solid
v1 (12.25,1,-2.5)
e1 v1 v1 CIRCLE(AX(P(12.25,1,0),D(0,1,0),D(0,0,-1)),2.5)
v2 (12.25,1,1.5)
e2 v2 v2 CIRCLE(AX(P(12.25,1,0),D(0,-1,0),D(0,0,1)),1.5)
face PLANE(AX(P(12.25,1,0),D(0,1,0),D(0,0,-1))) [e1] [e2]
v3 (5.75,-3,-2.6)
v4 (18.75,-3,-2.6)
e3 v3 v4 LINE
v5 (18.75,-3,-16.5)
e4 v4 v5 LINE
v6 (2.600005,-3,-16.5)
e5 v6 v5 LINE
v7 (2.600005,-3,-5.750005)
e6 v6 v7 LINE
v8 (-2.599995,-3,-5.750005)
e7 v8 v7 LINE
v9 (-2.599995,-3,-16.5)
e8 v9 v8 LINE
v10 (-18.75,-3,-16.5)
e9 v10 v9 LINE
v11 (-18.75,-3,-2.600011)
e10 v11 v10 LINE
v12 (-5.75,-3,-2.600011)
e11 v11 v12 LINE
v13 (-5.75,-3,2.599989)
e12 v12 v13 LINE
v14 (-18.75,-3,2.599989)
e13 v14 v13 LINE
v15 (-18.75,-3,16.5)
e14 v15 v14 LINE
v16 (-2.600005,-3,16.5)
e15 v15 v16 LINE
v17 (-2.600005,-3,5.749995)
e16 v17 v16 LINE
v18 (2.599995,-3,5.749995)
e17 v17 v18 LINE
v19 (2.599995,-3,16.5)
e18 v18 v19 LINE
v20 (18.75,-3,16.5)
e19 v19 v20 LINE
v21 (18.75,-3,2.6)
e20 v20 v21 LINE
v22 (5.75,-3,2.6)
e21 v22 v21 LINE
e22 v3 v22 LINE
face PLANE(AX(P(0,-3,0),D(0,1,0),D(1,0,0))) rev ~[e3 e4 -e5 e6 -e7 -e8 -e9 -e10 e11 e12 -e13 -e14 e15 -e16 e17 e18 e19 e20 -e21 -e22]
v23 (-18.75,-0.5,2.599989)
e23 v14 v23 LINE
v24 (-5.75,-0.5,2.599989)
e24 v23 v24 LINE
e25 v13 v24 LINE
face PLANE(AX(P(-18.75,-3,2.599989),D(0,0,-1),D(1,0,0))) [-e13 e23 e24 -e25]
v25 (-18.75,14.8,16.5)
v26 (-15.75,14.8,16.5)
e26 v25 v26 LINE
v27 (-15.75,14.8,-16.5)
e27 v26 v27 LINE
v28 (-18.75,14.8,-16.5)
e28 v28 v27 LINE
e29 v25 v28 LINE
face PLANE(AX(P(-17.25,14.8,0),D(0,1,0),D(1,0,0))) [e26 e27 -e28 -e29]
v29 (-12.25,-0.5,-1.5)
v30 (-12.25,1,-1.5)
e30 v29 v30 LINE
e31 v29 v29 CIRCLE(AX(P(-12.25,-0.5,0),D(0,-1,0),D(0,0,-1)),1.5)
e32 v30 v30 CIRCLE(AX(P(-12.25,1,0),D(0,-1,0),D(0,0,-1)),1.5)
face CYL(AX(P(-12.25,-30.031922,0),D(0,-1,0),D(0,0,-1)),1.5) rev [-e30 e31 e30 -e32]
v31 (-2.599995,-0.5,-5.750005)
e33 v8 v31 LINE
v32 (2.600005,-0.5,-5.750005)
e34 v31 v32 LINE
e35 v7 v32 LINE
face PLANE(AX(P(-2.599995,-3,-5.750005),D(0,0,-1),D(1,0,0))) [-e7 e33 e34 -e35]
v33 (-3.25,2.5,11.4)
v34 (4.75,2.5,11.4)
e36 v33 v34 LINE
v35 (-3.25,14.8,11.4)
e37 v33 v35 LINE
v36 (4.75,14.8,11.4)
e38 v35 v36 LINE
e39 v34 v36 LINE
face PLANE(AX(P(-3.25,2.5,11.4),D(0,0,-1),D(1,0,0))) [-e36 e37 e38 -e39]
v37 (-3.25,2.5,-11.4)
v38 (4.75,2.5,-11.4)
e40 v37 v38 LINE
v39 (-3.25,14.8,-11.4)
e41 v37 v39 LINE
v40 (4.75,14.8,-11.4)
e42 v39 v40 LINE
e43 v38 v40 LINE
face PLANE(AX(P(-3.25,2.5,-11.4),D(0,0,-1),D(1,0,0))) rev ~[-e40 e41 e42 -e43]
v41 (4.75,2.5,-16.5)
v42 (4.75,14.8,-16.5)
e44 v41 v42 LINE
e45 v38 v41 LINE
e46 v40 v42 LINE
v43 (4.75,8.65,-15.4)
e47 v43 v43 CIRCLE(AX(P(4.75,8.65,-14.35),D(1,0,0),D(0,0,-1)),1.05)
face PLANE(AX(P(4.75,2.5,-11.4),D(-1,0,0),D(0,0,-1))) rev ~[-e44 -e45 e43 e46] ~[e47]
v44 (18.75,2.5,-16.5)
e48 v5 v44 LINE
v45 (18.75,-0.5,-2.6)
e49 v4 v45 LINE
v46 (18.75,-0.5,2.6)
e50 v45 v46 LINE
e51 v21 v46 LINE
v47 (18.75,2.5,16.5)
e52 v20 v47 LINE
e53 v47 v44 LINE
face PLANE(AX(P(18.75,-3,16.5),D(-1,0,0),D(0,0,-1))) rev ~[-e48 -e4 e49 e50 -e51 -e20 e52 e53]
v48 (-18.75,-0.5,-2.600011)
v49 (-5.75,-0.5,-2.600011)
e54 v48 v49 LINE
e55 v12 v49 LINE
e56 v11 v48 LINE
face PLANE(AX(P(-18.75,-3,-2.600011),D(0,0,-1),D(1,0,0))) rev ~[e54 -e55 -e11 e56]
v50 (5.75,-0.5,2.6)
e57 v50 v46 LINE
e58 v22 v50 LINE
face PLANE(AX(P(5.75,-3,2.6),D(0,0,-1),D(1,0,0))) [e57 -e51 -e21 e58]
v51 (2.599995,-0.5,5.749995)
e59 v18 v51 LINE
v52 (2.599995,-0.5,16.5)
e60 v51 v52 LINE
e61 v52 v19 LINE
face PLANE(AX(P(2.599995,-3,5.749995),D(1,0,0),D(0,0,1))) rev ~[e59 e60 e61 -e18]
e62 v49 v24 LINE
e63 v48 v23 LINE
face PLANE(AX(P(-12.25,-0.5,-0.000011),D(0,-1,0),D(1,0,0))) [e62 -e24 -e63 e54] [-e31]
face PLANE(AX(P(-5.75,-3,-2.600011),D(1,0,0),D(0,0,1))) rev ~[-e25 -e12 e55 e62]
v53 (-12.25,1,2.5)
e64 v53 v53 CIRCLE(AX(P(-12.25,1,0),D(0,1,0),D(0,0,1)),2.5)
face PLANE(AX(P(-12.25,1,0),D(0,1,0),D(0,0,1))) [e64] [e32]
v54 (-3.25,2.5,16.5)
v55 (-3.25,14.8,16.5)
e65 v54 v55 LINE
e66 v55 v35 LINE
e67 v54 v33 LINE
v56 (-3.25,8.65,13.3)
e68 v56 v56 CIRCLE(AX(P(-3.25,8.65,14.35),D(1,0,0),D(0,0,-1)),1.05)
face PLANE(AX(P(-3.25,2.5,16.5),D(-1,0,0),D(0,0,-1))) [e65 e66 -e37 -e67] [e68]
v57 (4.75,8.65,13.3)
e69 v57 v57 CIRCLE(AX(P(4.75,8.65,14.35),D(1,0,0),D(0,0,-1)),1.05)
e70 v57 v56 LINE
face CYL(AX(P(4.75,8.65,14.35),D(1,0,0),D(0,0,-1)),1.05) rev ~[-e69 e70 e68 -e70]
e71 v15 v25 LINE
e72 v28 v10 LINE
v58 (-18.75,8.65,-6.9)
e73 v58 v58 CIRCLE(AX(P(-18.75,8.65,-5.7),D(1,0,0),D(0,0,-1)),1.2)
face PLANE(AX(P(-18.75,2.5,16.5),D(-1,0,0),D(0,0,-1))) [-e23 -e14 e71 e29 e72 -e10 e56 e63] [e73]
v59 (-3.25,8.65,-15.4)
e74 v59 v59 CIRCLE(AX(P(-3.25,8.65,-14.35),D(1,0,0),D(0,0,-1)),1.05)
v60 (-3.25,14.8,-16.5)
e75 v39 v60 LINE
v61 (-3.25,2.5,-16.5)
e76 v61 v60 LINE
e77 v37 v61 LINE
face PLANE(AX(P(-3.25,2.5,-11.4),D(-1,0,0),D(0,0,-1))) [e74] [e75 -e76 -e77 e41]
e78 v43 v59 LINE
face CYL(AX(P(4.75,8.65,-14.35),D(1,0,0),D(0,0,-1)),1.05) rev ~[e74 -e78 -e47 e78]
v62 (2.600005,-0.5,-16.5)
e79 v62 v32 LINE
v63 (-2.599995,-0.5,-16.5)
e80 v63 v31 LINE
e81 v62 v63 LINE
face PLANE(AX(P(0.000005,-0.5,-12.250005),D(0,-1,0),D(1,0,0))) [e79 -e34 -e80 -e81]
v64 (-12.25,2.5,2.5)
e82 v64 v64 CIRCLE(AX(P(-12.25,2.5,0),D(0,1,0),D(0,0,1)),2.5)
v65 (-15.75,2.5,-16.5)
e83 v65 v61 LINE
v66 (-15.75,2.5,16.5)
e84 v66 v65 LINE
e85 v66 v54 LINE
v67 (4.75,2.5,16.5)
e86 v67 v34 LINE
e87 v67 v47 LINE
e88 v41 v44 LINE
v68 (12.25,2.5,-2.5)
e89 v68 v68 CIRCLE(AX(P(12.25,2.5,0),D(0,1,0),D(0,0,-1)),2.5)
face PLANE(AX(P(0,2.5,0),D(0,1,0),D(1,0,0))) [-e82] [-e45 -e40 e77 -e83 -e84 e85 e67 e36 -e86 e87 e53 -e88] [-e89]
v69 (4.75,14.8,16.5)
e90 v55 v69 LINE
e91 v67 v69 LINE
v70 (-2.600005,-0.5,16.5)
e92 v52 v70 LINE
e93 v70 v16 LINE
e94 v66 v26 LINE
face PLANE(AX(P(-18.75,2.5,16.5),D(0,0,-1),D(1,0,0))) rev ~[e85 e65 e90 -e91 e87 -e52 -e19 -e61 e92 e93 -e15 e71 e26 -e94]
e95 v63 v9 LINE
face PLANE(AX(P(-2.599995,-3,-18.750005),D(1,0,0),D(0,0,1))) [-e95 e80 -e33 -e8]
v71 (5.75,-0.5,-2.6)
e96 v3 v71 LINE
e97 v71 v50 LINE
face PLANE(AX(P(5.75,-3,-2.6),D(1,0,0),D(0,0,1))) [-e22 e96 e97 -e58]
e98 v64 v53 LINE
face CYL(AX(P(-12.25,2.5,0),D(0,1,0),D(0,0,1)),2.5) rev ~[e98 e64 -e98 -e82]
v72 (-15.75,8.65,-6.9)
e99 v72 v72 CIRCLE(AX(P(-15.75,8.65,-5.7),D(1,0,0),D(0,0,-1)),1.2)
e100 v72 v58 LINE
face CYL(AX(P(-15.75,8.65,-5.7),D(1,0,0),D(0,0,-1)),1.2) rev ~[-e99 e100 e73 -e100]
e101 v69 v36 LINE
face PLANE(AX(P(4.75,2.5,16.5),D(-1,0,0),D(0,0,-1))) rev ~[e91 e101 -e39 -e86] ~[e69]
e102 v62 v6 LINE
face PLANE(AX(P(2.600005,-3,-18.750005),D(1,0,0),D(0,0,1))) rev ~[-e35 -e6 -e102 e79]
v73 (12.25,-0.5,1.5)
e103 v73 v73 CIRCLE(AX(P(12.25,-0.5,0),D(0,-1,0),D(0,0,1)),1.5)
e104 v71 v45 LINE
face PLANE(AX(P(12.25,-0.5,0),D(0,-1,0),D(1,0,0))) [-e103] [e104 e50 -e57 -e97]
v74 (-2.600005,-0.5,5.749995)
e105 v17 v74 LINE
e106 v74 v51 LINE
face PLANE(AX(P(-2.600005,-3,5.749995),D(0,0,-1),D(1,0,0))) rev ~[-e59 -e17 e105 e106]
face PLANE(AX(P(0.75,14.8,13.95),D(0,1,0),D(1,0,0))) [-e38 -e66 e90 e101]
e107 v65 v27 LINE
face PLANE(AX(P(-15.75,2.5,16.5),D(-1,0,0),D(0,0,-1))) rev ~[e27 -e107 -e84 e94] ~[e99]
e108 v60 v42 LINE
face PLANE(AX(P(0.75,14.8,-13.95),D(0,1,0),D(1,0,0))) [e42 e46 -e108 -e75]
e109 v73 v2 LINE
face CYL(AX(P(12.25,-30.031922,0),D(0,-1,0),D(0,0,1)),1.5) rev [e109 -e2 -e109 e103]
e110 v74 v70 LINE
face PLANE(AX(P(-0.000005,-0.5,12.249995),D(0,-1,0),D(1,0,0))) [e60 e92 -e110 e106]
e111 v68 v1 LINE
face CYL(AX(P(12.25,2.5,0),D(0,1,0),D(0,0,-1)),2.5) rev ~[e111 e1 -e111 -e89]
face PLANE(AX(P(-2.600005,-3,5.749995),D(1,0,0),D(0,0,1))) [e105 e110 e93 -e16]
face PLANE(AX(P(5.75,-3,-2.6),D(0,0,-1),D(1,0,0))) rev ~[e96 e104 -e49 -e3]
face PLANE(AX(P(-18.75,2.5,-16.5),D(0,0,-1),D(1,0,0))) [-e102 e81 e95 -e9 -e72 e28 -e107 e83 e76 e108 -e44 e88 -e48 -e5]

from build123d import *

# Parameters (mm, degrees)
AUFSATZ_LINEAR_AUSTRAGEN1_DEPTH      = 2.5
AUFSATZ_LINEAR_AUSTRAGEN1_DEPTH_BACK = 3
SKIZZE1_W                            = 37.5
SKIZZE1_H                            = 33
SKIZZE2_W                            = 3
SKIZZE2_H                            = 33
SKIZZE2_W_2                          = 8
SKIZZE2_H_2                          = 5.1
AUFSATZ_LINEAR_AUSTRAGEN2_DEPTH      = 12.3
SKIZZE5_R                            = 1.2
SCHNITT_LINEAR_AUSTRAGEN4_DEPTH      = 42.006584837
SKIZZE7_R                            = 1.05
SCHNITT_LINEAR_AUSTRAGEN5_DEPTH      = 10
SKIZZE8_W                            = 5.2
SKIZZE8_H                            = 13
SKIZZE8_W_2                          = 13
SKIZZE8_H_2                          = 5.2
SCHNITT_LINEAR_AUSTRAGEN6_DEPTH      = 2.5
SCHNITT_LINEAR_AUSTRAGEN7_DEPTH      = 30.031922086
SCHNITT_LINEAR_AUSTRAGEN7_DEPTH_BACK = 30.031922086
SKIZZE10_R                           = 1.5
SKIZZE13_R                           = 2.5
SCHNITT_LINEAR_AUSTRAGEN8_DEPTH      = 1.5


with BuildPart() as part:
    # Skizze1 → Aufsatz-Linear austragen1 (new, two sides: drawn at the far end of the back side and taken through both)
    with BuildSketch(Plane(origin=(0, 0, 0), x_dir=(1, 0, 0), z_dir=(0, 1, 0)).offset(-AUFSATZ_LINEAR_AUSTRAGEN1_DEPTH_BACK)):
        Rectangle(SKIZZE1_W, SKIZZE1_H)
    extrude(amount=AUFSATZ_LINEAR_AUSTRAGEN1_DEPTH + AUFSATZ_LINEAR_AUSTRAGEN1_DEPTH_BACK)

    # Skizze2 → Aufsatz-Linear austragen2 (add)
    with BuildSketch(Plane(origin=(0, 2.5, 0), x_dir=(1, 0, 0), z_dir=(0, 1, 0))):
        with Locations((-17.25, 0)):
            Rectangle(SKIZZE2_W, SKIZZE2_H)
        with Locations((0.75, -13.95)):
            Rectangle(SKIZZE2_W_2, SKIZZE2_H_2)
        with Locations((0.75, 13.95)):
            Rectangle(SKIZZE2_W_2, SKIZZE2_H_2)
    extrude(amount=AUFSATZ_LINEAR_AUSTRAGEN2_DEPTH)

    # Skizze5 → Schnitt-Linear austragen4 (cut, through all)
    with BuildSketch(Plane(origin=(-15.75, 0, 0), x_dir=(0, 0, -1), z_dir=(1, 0, 0))):
        with Locations((5.7, 8.65)):
            Circle(SKIZZE5_R)
    extrude(amount=-SCHNITT_LINEAR_AUSTRAGEN4_DEPTH, mode=Mode.SUBTRACT)

    # Skizze7 → Schnitt-Linear austragen5 (cut)
    with BuildSketch(Plane(origin=(4.75, 0, 0), x_dir=(0, 0, -1), z_dir=(1, 0, 0))):
        with Locations((-14.35, 8.65)):
            Circle(SKIZZE7_R)
        with Locations((14.35, 8.65)):
            Circle(SKIZZE7_R)
    extrude(amount=-SCHNITT_LINEAR_AUSTRAGEN5_DEPTH, mode=Mode.SUBTRACT)

    # Skizze8 → Schnitt-Linear austragen6 (cut)
    with BuildSketch(Plane.XZ.offset(3)):
        with Locations((5.277e-06, -12.250005277)):
            Rectangle(SKIZZE8_W, SKIZZE8_H)
        with Locations((12.25, 0)):
            Rectangle(SKIZZE8_W_2, SKIZZE8_H_2)
        with Locations((-12.25, -1.0555e-05)):
            Rectangle(SKIZZE8_W_2, SKIZZE8_H_2)
        with Locations((-5.277e-06, 12.249994723)):
            Rectangle(SKIZZE8_W, SKIZZE8_H)
    extrude(amount=-SCHNITT_LINEAR_AUSTRAGEN6_DEPTH, mode=Mode.SUBTRACT)

    # Skizze10 → Schnitt-Linear austragen7 (cut, two sides: drawn at the far end of the back side and taken through both)
    with BuildSketch(Plane(origin=(0, 0, 0), x_dir=(-1, 0, 0), z_dir=(0, 1, 0)).offset(-SCHNITT_LINEAR_AUSTRAGEN7_DEPTH_BACK)):
        with Locations(Location((-12.25, 0, 0), (0, 0, 90))):
            Circle(SKIZZE10_R)
        with Locations(Location((12.25, 0, 0), (0, 0, 270))):
            Circle(SKIZZE10_R)
    extrude(amount=SCHNITT_LINEAR_AUSTRAGEN7_DEPTH + SCHNITT_LINEAR_AUSTRAGEN7_DEPTH_BACK, mode=Mode.SUBTRACT)

    # Skizze13 → Schnitt-Linear austragen8 (cut)
    with BuildSketch(Plane(origin=(0, 2.5, 0), x_dir=(-1, 0, 0), z_dir=(0, 1, 0))):
        with Locations(Location((12.25, 0, 0), (0, 0, 90))):
            Circle(SKIZZE13_R)
        with Locations(Location((-12.25, 0, 0), (0, 0, 270))):
            Circle(SKIZZE13_R)
    extrude(amount=-SCHNITT_LINEAR_AUSTRAGEN8_DEPTH, mode=Mode.SUBTRACT)


solid = part.part
